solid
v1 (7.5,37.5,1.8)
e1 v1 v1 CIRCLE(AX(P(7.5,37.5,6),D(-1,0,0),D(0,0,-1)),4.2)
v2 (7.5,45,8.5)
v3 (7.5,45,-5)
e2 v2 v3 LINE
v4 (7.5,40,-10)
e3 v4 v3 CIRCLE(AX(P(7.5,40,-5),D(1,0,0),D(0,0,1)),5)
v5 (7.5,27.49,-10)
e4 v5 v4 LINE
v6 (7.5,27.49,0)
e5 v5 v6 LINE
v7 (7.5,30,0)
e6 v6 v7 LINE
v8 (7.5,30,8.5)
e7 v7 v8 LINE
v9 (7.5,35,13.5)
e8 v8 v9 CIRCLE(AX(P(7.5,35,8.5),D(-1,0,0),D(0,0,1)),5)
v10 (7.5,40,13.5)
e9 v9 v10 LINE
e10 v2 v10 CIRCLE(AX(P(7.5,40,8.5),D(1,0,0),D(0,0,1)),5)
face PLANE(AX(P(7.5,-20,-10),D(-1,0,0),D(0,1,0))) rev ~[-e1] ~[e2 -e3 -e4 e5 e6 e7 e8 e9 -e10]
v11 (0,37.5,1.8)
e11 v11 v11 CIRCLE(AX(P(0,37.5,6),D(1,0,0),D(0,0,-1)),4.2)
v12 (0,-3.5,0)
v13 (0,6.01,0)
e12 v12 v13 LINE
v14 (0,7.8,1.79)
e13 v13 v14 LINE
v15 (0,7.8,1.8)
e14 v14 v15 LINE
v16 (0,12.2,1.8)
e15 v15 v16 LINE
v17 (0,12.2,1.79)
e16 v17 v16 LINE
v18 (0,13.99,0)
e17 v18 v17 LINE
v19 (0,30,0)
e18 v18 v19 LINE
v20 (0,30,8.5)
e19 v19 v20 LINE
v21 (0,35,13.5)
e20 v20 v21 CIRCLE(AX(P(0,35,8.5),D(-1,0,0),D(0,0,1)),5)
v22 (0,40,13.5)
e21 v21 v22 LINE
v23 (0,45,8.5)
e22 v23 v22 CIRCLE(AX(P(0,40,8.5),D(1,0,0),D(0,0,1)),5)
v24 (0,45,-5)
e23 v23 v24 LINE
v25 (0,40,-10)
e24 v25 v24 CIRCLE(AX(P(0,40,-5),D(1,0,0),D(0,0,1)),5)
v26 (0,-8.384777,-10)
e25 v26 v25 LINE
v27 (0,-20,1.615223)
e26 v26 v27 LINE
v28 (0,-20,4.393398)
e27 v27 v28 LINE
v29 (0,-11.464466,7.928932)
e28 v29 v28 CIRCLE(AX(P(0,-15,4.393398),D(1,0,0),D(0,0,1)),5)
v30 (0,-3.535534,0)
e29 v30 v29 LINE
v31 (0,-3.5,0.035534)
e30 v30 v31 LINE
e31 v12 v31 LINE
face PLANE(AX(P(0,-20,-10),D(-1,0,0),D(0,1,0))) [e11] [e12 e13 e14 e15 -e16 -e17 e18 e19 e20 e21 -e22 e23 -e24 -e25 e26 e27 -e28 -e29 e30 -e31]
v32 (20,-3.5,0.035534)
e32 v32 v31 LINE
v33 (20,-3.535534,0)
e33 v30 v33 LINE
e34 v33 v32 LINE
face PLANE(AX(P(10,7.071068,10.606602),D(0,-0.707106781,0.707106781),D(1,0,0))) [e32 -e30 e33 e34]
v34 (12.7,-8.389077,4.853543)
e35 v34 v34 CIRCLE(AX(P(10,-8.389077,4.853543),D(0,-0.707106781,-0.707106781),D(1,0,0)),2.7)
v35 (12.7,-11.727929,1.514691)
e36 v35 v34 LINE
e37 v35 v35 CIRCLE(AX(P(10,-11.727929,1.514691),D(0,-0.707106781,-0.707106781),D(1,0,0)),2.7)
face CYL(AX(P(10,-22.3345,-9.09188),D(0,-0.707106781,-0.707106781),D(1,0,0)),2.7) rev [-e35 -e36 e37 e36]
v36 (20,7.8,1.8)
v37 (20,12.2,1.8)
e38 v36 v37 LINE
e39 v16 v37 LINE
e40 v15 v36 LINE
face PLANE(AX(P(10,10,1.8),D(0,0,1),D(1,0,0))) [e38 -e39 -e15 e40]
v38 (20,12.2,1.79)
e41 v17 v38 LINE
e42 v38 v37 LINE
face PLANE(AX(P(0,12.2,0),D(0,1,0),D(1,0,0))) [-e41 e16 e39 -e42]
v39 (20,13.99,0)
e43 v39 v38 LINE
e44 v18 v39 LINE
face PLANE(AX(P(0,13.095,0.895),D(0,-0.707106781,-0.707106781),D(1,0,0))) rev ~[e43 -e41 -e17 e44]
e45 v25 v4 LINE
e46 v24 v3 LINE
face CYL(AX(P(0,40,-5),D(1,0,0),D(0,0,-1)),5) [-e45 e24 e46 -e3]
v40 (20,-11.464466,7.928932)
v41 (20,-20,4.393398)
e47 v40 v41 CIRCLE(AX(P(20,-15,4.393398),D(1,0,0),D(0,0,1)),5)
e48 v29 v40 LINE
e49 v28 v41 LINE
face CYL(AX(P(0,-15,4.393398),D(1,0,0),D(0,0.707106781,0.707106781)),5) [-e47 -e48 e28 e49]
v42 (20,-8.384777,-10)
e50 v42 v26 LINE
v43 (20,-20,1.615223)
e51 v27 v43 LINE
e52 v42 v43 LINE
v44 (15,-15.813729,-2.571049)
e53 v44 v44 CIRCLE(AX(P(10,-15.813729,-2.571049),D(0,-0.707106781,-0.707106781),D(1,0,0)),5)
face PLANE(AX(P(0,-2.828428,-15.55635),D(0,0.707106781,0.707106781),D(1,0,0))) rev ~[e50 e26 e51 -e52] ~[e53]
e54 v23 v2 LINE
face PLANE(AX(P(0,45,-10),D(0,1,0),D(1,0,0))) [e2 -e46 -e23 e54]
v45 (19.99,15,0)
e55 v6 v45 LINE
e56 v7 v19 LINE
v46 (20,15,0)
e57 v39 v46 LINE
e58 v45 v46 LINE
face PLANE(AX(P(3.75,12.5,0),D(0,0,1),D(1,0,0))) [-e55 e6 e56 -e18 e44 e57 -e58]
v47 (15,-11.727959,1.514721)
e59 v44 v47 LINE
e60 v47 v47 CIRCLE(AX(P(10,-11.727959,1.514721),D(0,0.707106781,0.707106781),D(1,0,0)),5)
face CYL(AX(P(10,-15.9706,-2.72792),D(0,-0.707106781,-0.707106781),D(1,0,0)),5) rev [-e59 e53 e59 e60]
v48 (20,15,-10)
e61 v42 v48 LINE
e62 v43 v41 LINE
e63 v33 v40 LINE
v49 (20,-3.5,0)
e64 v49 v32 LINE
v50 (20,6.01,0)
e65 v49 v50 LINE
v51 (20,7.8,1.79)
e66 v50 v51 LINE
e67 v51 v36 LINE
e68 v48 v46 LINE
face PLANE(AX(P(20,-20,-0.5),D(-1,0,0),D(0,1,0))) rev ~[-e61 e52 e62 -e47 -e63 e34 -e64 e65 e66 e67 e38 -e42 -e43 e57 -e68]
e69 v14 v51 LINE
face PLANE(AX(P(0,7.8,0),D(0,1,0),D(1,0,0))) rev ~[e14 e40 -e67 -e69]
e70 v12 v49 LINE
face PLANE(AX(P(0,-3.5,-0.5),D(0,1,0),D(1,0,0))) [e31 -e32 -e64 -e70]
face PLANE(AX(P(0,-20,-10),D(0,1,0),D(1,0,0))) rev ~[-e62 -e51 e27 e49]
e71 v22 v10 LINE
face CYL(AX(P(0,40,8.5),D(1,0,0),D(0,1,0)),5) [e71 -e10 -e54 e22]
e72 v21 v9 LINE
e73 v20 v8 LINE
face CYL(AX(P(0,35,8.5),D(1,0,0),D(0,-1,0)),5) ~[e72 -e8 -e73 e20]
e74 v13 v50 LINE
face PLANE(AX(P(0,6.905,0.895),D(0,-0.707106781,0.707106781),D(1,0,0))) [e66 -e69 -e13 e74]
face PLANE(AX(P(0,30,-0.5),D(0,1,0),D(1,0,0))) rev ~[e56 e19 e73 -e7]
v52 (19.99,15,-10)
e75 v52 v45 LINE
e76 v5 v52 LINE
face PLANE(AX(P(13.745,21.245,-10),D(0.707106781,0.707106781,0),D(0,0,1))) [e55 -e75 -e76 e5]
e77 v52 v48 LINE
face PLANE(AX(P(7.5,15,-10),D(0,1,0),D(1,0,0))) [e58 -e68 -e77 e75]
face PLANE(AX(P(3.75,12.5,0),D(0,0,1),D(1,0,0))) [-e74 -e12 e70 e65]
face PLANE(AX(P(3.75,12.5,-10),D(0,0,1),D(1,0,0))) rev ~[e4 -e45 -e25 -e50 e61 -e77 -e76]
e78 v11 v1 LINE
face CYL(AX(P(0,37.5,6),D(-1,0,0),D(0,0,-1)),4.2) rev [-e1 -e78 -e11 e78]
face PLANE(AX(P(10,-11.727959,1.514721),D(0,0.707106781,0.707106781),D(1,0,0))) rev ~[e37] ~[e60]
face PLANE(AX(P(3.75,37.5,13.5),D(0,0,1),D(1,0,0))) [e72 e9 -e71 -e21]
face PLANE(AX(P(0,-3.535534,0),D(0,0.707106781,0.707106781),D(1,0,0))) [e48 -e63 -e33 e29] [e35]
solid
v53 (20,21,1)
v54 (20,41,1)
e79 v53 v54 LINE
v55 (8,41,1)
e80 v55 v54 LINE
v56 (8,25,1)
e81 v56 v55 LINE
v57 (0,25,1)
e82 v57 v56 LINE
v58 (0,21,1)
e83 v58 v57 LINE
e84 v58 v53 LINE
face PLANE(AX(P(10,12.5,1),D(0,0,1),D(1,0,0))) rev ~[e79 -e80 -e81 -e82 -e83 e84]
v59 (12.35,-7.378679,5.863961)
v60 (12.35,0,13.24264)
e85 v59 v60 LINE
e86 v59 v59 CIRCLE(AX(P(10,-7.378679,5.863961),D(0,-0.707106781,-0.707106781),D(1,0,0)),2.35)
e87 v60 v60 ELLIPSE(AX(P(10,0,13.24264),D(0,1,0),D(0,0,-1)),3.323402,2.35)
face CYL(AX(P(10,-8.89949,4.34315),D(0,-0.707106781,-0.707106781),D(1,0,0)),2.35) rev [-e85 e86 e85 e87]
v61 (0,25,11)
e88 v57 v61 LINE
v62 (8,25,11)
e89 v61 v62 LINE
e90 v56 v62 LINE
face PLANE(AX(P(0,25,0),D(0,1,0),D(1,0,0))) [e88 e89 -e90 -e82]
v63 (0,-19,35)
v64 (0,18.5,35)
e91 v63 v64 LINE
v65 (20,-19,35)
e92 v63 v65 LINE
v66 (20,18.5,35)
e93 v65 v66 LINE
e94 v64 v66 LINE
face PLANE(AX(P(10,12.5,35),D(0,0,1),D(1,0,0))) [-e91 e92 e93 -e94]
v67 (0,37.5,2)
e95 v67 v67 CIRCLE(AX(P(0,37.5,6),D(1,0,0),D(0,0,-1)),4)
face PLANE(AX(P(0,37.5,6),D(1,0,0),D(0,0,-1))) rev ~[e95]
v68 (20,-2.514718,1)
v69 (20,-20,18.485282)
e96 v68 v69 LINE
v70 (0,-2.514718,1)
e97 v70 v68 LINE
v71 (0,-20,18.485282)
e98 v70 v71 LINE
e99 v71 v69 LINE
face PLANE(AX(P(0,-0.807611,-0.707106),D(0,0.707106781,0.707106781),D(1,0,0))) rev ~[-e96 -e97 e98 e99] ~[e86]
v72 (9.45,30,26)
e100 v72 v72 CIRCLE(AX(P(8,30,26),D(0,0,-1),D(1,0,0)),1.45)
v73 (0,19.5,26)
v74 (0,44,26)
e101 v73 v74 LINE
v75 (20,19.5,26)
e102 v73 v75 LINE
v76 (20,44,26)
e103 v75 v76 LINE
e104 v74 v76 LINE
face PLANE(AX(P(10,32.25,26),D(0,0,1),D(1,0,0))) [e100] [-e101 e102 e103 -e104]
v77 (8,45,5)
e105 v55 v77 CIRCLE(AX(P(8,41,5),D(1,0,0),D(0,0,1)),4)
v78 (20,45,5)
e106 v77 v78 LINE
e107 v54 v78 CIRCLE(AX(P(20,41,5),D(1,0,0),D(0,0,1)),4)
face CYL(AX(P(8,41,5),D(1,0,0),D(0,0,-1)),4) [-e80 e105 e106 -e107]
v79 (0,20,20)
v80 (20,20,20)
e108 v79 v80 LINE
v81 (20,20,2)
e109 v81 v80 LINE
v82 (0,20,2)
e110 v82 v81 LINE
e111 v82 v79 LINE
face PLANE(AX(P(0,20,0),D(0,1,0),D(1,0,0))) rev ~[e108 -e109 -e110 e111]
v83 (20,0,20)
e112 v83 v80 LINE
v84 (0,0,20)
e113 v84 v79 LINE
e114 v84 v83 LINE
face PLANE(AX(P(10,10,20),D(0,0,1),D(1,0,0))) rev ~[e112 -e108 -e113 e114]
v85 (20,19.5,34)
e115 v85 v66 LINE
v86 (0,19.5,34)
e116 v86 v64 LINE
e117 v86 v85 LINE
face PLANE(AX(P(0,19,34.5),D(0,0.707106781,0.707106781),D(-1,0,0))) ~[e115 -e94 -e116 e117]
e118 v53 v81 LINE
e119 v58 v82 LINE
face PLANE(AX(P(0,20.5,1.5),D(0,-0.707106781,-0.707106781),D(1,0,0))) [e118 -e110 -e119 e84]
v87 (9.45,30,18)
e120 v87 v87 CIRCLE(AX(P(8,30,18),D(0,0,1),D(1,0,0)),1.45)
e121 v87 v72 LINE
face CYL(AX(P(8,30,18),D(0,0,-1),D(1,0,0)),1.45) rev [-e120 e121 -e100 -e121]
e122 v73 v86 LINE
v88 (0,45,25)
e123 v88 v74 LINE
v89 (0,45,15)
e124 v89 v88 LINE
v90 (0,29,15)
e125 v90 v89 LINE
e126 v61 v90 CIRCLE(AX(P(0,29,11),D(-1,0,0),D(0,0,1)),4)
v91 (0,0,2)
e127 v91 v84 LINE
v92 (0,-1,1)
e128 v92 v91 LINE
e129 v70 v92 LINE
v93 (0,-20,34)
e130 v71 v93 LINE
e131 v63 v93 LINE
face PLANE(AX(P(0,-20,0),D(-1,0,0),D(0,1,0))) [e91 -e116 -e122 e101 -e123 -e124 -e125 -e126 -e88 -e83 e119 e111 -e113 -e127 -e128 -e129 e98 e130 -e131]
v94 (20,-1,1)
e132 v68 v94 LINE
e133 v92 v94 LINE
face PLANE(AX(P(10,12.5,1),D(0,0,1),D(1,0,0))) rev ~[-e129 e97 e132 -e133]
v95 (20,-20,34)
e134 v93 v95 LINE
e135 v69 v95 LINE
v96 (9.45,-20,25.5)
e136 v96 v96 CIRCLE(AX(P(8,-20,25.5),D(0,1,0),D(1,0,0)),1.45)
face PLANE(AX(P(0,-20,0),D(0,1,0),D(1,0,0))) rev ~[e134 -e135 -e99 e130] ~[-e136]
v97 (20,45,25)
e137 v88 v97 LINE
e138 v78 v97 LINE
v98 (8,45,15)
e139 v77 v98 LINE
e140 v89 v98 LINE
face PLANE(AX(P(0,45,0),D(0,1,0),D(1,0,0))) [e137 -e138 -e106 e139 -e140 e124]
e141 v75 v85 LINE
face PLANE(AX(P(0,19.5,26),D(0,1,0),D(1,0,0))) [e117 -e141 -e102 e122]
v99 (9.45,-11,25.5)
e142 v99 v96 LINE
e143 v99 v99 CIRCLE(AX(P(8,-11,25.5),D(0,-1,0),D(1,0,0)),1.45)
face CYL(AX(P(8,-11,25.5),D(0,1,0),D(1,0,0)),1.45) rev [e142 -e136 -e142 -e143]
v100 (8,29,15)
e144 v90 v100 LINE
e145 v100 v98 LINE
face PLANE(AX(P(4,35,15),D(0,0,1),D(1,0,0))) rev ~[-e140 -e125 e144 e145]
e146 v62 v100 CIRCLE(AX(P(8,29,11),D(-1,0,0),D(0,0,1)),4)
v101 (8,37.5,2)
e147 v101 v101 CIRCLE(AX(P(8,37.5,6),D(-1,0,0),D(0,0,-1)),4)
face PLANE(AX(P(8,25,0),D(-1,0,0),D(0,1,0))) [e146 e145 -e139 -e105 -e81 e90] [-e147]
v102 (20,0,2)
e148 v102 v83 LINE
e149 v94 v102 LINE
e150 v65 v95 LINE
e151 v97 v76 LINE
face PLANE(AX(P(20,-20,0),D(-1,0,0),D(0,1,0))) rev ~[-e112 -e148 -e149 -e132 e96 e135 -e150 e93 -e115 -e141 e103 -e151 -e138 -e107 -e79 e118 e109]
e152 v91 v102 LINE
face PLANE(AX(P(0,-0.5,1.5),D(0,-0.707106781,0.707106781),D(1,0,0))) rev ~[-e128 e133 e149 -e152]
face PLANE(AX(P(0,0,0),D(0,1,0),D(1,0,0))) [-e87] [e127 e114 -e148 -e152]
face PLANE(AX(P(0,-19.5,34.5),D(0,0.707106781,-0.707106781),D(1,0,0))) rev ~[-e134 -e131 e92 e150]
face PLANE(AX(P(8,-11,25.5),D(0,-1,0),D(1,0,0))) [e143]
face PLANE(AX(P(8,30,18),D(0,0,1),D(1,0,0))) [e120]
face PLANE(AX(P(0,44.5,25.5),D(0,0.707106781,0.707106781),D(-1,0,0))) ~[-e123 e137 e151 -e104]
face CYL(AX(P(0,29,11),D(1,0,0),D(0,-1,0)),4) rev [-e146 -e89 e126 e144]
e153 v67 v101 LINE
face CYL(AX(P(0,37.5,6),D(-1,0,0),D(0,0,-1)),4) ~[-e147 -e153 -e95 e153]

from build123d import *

# Parameters (mm, degrees)
BOX012_W                    = 20
BOX012_H                    = 65
BOX012_DEPTH                = 1
CYLINDER004_R               = 4
CYLINDER004_DEPTH           = 10
CYLINDER002_R               = 1.45
CYLINDER002_DEPTH           = 10
CYLINDER001_R               = 2.35
CYLINDER001_DEPTH           = 15
CYLINDER001_PLACEMENT_ANGLE = 45
CYLINDER_R                  = 1.45
CYLINDER_DEPTH              = 10
BOX004_W                    = 8
BOX004_H                    = 20
BOX004_DEPTH                = 15
BOX002_W                    = 20
BOX002_H                    = 25.5
BOX002_DEPTH                = 9
BOX003_W                    = 20
BOX003_H                    = 25
BOX003_DEPTH                = 50
BOX003_PLACEMENT_ANGLE      = 45
BOX_W                       = 20
BOX_H                       = 20
BOX_DEPTH                   = 20
BOX001_W                    = 20
BOX001_H                    = 65
BOX001_DEPTH                = 35
CHAMFER_SIZE                = 1
FILLET_R                    = 4
BOX013_W                    = 20
BOX013_H                    = 4.4
BOX013_DEPTH                = 1.8
CYLINDER007_R               = 5
CYLINDER007_DEPTH           = 6
CYLINDER007_PLACEMENT_ANGLE = 45
BOX011_W                    = 20
BOX011_H                    = 30
BOX011_DEPTH                = 50
BOX011_PLACEMENT_ANGLE      = 45
CYLINDER006_R               = 2.7
CYLINDER006_DEPTH           = 20
CYLINDER006_PLACEMENT_ANGLE = 45
BOX009_W                    = 20
BOX009_H                    = 10
BOX009_DEPTH                = 10
BOX008_W                    = 20
BOX008_H                    = 30
BOX008_DEPTH                = 50
BOX008_PLACEMENT_ANGLE      = 45
BOX007_W                    = 20
BOX007_H                    = 20
BOX007_DEPTH                = 30
CYLINDER005_R               = 4.2
CYLINDER005_DEPTH           = 10
BOX006_W                    = 7.5
BOX006_H                    = 15
BOX006_DEPTH                = 14
BOX005_W                    = 7.5
BOX005_H                    = 65
BOX005_DEPTH                = 10
BOX010_W                    = 12.5
BOX010_H                    = 35
BOX010_DEPTH                = 10
CHAMFER001_SIZE             = 1.79
CHAMFER002_SIZE             = 12.49
FILLET001_R                 = 5


with BuildPart() as cube008:
    # Box012 → Box012 (new body)
    with BuildSketch(Plane(origin=(0, -20, 0), x_dir=(1, 0, 0), z_dir=(0, 0, 1))):
        with Locations((10, 32.5)):
            Rectangle(BOX012_W, BOX012_H)
    extrude(amount=BOX012_DEPTH)


with BuildPart() as cylinder004:
    # Cylinder004 → Cylinder004 (new body)
    with BuildSketch(Plane(origin=(0, 37.5, 6), x_dir=(0, 0, -1), z_dir=(1, 0, 0))):
        Circle(CYLINDER004_R)
    extrude(amount=CYLINDER004_DEPTH)


with BuildPart() as cylinder002:
    # Cylinder002 → Cylinder002 (new body)
    with BuildSketch(Plane(origin=(8, -11, 25.5), x_dir=(1, 0, 0), z_dir=(0, -1, 0))):
        Circle(CYLINDER002_R)
    extrude(amount=CYLINDER002_DEPTH)


with BuildPart() as cylinder001:
    # Cylinder001 → Cylinder001 (new body)
    with BuildSketch(Plane.XY):
        Circle(CYLINDER001_R)
    extrude(amount=CYLINDER001_DEPTH)


with BuildPart() as cylinder001_1:
    # Cylinder001 placement: moved
    add(cylinder001.part.moved(Location((10, -8.89949, 4.34315))).rotate(Axis((10, -8.89949, 4.34315), (-1, 0, 0)), CYLINDER001_PLACEMENT_ANGLE))


with BuildPart() as fusion_holes:
    # Cylinder → Cylinder (new body)
    with BuildSketch(Plane(origin=(8, 30, 18), x_dir=(1, 0, 0), z_dir=(0, 0, 1))):
        Circle(CYLINDER_R)
    extrude(amount=CYLINDER_DEPTH)

    # Fusion001: union Cylinder002, Cylinder001
    add(cylinder002.part)
    add(cylinder001_1.part)


with BuildPart() as cube003:
    # Box004 → Box004 (new body)
    with BuildSketch(Plane(origin=(0, 25, 0), x_dir=(1, 0, 0), z_dir=(0, 0, 1))):
        with Locations((4, 10)):
            Rectangle(BOX004_W, BOX004_H)
    extrude(amount=BOX004_DEPTH)


with BuildPart() as cube002:
    # Box002 → Box002 (new body)
    with BuildSketch(Plane(origin=(0, 19.5, 26), x_dir=(1, 0, 0), z_dir=(0, 0, 1))):
        with Locations((10, 12.75)):
            Rectangle(BOX002_W, BOX002_H)
    extrude(amount=BOX002_DEPTH)


with BuildPart() as cube_45deg:
    # Box003 → Box003 (new body)
    with BuildSketch(Plane.XY):
        with Locations((10, 12.5)):
            Rectangle(BOX003_W, BOX003_H)
    extrude(amount=BOX003_DEPTH)


with BuildPart() as cube_45deg_1:
    # Box003 placement: moved
    add(cube_45deg.part.moved(Location((0, -18.485281, -18.384776))).rotate(Axis((0, -18.485281, -18.384776), (1, 0, 0)), BOX003_PLACEMENT_ANGLE))


with BuildPart() as fusion:
    # Box → Box (new body)
    with BuildSketch(Plane.XY):
        with Locations((10, 10)):
            Rectangle(BOX_W, BOX_H)
    extrude(amount=BOX_DEPTH)

    # Fusion: union Cube002, cube_45deg
    add(cube002.part)
    add(cube_45deg_1.part)


with BuildPart() as top_part:
    # Box001 → Box001 (new body)
    with BuildSketch(Plane(origin=(0, -20, 0), x_dir=(1, 0, 0), z_dir=(0, 0, 1))):
        with Locations((10, 32.5)):
            Rectangle(BOX001_W, BOX001_H)
    extrude(amount=BOX001_DEPTH)

    # Cut: cut Fusion
    add(fusion.part, mode=Mode.SUBTRACT)

    # Cut001: cut Cube003
    add(cube003.part, mode=Mode.SUBTRACT)

    # Cut002: cut fusion holes
    add(fusion_holes.part, mode=Mode.SUBTRACT)

    # Fusion002: union Cylinder004
    add(cylinder004.part)

    # Cut008: cut Cube008
    add(cube008.part, mode=Mode.SUBTRACT)

    # Chamfer
    chamfer_edges = [top_part.edges().sort_by_distance(p)[0] for p in [
        (10, 45, 26),
        (10, 20, 1),
        (10, -20, 35),
        (10, 19.5, 35),
        (10, 0, 1),
    ]]
    chamfer(chamfer_edges, length=CHAMFER_SIZE)

    # Fillet
    fillet_edges = [top_part.edges().sort_by_distance(p)[0] for p in [
        (14, 45, 1),
        (4, 25, 15),
    ]]
    fillet(fillet_edges, radius=FILLET_R)


with BuildPart() as cube009:
    # Box013 → Box013 (new body)
    with BuildSketch(Plane(origin=(0, 7.8, 0), x_dir=(1, 0, 0), z_dir=(0, 0, 1))):
        with Locations((10, 2.2)):
            Rectangle(BOX013_W, BOX013_H)
    extrude(amount=BOX013_DEPTH)


with BuildPart() as cylinder007:
    # Cylinder007 → Cylinder007 (new body)
    with BuildSketch(Plane.XY):
        Circle(CYLINDER007_R)
    extrude(amount=CYLINDER007_DEPTH)


with BuildPart() as cylinder007_1:
    # Cylinder007 placement: moved
    add(cylinder007.part.moved(Location((10, -15.9706, -2.72792))).rotate(Axis((10, -15.9706, -2.72792), (-1, 0, 0)), CYLINDER007_PLACEMENT_ANGLE))


with BuildPart() as box011:
    # Box011 → Box011 (new body)
    with BuildSketch(Plane.XY):
        with Locations((10, 15)):
            Rectangle(BOX011_W, BOX011_H)
    extrude(amount=BOX011_DEPTH)


with BuildPart() as box011_1:
    # Box011 placement: moved
    add(box011.part.moved(Location((0, -24.041631, -36.769553))).rotate(Axis((0, -24.041631, -36.769553), (1, 0, 0)), BOX011_PLACEMENT_ANGLE))


with BuildPart() as cylinder006:
    # Cylinder006 → Cylinder006 (new body)
    with BuildSketch(Plane.XY):
        Circle(CYLINDER006_R)
    extrude(amount=CYLINDER006_DEPTH)


with BuildPart() as cylinder006_1:
    # Cylinder006 placement: moved
    add(cylinder006.part.moved(Location((10, -22.3345, -9.09188))).rotate(Axis((10, -22.3345, -9.09188), (-1, 0, 0)), CYLINDER006_PLACEMENT_ANGLE))


with BuildPart() as box009:
    # Box009 → Box009 (new body)
    with BuildSketch(Plane(origin=(0, -3.5, -0.5), x_dir=(1, 0, 0), z_dir=(0, 0, 1))):
        with Locations((10, 5)):
            Rectangle(BOX009_W, BOX009_H)
    extrude(amount=BOX009_DEPTH)


with BuildPart() as cube007:
    # Box008 → Box008 (new body)
    with BuildSketch(Plane.XY):
        with Locations((10, 15)):
            Rectangle(BOX008_W, BOX008_H)
    extrude(amount=BOX008_DEPTH)


with BuildPart() as cube007_1:
    # Box008 placement: moved
    add(cube007.part.moved(Location((0, -3.535534, 0))).rotate(Axis((0, -3.535534, 0), (1, 0, 0)), BOX008_PLACEMENT_ANGLE))


with BuildPart() as cut005:
    # Box007 → Box007 (new body)
    with BuildSketch(Plane(origin=(0, -20, -0.5), x_dir=(1, 0, 0), z_dir=(0, 0, 1))):
        with Locations((10, 10)):
            Rectangle(BOX007_W, BOX007_H)
    extrude(amount=BOX007_DEPTH)

    # Cut004: cut Cube007
    add(cube007_1.part, mode=Mode.SUBTRACT)

    # Cut005: cut Box009
    add(box009.part, mode=Mode.SUBTRACT)


with BuildPart() as cylinder005:
    # Cylinder005 → Cylinder005 (new body)
    with BuildSketch(Plane(origin=(0, 37.5, 6), x_dir=(0, 0, -1), z_dir=(1, 0, 0))):
        Circle(CYLINDER005_R)
    extrude(amount=CYLINDER005_DEPTH)


with BuildPart() as cube005:
    # Box006 → Box006 (new body)
    with BuildSketch(Plane(origin=(0, 30, -0.5), x_dir=(1, 0, 0), z_dir=(0, 0, 1))):
        with Locations((3.75, 7.5)):
            Rectangle(BOX006_W, BOX006_H)
    extrude(amount=BOX006_DEPTH)


with BuildPart() as cut003:
    # Box005 → Box005 (new body)
    with BuildSketch(Plane(origin=(0, -20, -10), x_dir=(1, 0, 0), z_dir=(0, 0, 1))):
        with Locations((3.75, 32.5)):
            Rectangle(BOX005_W, BOX005_H)
    extrude(amount=BOX005_DEPTH)

    # Fusion003: union Cube005+
    add(cube005.part)

    # Cut003: cut Cylinder005-
    add(cylinder005.part, mode=Mode.SUBTRACT)


with BuildPart() as bot_part:
    # Box010 → Box010 (new body)
    with BuildSketch(Plane(origin=(7.5, -20, -10), x_dir=(1, 0, 0), z_dir=(0, 0, 1))):
        with Locations((6.25, 17.5)):
            Rectangle(BOX010_W, BOX010_H)
    extrude(amount=BOX010_DEPTH)

    # Fusion004: union Cut005, Cut003
    add(cut005.part)
    add(cut003.part)

    # Cut006: cut Cylinder006-
    add(cylinder006_1.part, mode=Mode.SUBTRACT)

    # Cut007: cut Box011
    add(box011_1.part, mode=Mode.SUBTRACT)

    # Cut009: cut Cylinder007
    add(cylinder007_1.part, mode=Mode.SUBTRACT)

    # Fusion005: union Cube009
    add(cube009.part)

    # Chamfer001
    chamfer001_edges = [bot_part.edges().sort_by_distance(p)[0] for p in [
        (3.75, 7.8, 0),
        (13.75, 7.8, 0),
        (3.75, 12.2, 0),
        (13.75, 12.2, 0),
    ]]
    chamfer(chamfer001_edges, length=CHAMFER001_SIZE)

    # Chamfer002
    chamfer002_edges = [bot_part.edges().sort_by_distance(p)[0] for p in [
        (7.5, 15, -5),
    ]]
    chamfer(chamfer002_edges, length=CHAMFER002_SIZE)

    # Fillet001
    fillet001_edges = [bot_part.edges().sort_by_distance(p)[0] for p in [
        (3.75, 30, 13.5),
        (3.75, 45, -10),
        (3.75, 45, 13.5),
        (10, -20, 16.464466),
    ]]
    fillet(fillet001_edges, radius=FILLET001_R)


solid = Compound([top_part.part, bot_part.part])
